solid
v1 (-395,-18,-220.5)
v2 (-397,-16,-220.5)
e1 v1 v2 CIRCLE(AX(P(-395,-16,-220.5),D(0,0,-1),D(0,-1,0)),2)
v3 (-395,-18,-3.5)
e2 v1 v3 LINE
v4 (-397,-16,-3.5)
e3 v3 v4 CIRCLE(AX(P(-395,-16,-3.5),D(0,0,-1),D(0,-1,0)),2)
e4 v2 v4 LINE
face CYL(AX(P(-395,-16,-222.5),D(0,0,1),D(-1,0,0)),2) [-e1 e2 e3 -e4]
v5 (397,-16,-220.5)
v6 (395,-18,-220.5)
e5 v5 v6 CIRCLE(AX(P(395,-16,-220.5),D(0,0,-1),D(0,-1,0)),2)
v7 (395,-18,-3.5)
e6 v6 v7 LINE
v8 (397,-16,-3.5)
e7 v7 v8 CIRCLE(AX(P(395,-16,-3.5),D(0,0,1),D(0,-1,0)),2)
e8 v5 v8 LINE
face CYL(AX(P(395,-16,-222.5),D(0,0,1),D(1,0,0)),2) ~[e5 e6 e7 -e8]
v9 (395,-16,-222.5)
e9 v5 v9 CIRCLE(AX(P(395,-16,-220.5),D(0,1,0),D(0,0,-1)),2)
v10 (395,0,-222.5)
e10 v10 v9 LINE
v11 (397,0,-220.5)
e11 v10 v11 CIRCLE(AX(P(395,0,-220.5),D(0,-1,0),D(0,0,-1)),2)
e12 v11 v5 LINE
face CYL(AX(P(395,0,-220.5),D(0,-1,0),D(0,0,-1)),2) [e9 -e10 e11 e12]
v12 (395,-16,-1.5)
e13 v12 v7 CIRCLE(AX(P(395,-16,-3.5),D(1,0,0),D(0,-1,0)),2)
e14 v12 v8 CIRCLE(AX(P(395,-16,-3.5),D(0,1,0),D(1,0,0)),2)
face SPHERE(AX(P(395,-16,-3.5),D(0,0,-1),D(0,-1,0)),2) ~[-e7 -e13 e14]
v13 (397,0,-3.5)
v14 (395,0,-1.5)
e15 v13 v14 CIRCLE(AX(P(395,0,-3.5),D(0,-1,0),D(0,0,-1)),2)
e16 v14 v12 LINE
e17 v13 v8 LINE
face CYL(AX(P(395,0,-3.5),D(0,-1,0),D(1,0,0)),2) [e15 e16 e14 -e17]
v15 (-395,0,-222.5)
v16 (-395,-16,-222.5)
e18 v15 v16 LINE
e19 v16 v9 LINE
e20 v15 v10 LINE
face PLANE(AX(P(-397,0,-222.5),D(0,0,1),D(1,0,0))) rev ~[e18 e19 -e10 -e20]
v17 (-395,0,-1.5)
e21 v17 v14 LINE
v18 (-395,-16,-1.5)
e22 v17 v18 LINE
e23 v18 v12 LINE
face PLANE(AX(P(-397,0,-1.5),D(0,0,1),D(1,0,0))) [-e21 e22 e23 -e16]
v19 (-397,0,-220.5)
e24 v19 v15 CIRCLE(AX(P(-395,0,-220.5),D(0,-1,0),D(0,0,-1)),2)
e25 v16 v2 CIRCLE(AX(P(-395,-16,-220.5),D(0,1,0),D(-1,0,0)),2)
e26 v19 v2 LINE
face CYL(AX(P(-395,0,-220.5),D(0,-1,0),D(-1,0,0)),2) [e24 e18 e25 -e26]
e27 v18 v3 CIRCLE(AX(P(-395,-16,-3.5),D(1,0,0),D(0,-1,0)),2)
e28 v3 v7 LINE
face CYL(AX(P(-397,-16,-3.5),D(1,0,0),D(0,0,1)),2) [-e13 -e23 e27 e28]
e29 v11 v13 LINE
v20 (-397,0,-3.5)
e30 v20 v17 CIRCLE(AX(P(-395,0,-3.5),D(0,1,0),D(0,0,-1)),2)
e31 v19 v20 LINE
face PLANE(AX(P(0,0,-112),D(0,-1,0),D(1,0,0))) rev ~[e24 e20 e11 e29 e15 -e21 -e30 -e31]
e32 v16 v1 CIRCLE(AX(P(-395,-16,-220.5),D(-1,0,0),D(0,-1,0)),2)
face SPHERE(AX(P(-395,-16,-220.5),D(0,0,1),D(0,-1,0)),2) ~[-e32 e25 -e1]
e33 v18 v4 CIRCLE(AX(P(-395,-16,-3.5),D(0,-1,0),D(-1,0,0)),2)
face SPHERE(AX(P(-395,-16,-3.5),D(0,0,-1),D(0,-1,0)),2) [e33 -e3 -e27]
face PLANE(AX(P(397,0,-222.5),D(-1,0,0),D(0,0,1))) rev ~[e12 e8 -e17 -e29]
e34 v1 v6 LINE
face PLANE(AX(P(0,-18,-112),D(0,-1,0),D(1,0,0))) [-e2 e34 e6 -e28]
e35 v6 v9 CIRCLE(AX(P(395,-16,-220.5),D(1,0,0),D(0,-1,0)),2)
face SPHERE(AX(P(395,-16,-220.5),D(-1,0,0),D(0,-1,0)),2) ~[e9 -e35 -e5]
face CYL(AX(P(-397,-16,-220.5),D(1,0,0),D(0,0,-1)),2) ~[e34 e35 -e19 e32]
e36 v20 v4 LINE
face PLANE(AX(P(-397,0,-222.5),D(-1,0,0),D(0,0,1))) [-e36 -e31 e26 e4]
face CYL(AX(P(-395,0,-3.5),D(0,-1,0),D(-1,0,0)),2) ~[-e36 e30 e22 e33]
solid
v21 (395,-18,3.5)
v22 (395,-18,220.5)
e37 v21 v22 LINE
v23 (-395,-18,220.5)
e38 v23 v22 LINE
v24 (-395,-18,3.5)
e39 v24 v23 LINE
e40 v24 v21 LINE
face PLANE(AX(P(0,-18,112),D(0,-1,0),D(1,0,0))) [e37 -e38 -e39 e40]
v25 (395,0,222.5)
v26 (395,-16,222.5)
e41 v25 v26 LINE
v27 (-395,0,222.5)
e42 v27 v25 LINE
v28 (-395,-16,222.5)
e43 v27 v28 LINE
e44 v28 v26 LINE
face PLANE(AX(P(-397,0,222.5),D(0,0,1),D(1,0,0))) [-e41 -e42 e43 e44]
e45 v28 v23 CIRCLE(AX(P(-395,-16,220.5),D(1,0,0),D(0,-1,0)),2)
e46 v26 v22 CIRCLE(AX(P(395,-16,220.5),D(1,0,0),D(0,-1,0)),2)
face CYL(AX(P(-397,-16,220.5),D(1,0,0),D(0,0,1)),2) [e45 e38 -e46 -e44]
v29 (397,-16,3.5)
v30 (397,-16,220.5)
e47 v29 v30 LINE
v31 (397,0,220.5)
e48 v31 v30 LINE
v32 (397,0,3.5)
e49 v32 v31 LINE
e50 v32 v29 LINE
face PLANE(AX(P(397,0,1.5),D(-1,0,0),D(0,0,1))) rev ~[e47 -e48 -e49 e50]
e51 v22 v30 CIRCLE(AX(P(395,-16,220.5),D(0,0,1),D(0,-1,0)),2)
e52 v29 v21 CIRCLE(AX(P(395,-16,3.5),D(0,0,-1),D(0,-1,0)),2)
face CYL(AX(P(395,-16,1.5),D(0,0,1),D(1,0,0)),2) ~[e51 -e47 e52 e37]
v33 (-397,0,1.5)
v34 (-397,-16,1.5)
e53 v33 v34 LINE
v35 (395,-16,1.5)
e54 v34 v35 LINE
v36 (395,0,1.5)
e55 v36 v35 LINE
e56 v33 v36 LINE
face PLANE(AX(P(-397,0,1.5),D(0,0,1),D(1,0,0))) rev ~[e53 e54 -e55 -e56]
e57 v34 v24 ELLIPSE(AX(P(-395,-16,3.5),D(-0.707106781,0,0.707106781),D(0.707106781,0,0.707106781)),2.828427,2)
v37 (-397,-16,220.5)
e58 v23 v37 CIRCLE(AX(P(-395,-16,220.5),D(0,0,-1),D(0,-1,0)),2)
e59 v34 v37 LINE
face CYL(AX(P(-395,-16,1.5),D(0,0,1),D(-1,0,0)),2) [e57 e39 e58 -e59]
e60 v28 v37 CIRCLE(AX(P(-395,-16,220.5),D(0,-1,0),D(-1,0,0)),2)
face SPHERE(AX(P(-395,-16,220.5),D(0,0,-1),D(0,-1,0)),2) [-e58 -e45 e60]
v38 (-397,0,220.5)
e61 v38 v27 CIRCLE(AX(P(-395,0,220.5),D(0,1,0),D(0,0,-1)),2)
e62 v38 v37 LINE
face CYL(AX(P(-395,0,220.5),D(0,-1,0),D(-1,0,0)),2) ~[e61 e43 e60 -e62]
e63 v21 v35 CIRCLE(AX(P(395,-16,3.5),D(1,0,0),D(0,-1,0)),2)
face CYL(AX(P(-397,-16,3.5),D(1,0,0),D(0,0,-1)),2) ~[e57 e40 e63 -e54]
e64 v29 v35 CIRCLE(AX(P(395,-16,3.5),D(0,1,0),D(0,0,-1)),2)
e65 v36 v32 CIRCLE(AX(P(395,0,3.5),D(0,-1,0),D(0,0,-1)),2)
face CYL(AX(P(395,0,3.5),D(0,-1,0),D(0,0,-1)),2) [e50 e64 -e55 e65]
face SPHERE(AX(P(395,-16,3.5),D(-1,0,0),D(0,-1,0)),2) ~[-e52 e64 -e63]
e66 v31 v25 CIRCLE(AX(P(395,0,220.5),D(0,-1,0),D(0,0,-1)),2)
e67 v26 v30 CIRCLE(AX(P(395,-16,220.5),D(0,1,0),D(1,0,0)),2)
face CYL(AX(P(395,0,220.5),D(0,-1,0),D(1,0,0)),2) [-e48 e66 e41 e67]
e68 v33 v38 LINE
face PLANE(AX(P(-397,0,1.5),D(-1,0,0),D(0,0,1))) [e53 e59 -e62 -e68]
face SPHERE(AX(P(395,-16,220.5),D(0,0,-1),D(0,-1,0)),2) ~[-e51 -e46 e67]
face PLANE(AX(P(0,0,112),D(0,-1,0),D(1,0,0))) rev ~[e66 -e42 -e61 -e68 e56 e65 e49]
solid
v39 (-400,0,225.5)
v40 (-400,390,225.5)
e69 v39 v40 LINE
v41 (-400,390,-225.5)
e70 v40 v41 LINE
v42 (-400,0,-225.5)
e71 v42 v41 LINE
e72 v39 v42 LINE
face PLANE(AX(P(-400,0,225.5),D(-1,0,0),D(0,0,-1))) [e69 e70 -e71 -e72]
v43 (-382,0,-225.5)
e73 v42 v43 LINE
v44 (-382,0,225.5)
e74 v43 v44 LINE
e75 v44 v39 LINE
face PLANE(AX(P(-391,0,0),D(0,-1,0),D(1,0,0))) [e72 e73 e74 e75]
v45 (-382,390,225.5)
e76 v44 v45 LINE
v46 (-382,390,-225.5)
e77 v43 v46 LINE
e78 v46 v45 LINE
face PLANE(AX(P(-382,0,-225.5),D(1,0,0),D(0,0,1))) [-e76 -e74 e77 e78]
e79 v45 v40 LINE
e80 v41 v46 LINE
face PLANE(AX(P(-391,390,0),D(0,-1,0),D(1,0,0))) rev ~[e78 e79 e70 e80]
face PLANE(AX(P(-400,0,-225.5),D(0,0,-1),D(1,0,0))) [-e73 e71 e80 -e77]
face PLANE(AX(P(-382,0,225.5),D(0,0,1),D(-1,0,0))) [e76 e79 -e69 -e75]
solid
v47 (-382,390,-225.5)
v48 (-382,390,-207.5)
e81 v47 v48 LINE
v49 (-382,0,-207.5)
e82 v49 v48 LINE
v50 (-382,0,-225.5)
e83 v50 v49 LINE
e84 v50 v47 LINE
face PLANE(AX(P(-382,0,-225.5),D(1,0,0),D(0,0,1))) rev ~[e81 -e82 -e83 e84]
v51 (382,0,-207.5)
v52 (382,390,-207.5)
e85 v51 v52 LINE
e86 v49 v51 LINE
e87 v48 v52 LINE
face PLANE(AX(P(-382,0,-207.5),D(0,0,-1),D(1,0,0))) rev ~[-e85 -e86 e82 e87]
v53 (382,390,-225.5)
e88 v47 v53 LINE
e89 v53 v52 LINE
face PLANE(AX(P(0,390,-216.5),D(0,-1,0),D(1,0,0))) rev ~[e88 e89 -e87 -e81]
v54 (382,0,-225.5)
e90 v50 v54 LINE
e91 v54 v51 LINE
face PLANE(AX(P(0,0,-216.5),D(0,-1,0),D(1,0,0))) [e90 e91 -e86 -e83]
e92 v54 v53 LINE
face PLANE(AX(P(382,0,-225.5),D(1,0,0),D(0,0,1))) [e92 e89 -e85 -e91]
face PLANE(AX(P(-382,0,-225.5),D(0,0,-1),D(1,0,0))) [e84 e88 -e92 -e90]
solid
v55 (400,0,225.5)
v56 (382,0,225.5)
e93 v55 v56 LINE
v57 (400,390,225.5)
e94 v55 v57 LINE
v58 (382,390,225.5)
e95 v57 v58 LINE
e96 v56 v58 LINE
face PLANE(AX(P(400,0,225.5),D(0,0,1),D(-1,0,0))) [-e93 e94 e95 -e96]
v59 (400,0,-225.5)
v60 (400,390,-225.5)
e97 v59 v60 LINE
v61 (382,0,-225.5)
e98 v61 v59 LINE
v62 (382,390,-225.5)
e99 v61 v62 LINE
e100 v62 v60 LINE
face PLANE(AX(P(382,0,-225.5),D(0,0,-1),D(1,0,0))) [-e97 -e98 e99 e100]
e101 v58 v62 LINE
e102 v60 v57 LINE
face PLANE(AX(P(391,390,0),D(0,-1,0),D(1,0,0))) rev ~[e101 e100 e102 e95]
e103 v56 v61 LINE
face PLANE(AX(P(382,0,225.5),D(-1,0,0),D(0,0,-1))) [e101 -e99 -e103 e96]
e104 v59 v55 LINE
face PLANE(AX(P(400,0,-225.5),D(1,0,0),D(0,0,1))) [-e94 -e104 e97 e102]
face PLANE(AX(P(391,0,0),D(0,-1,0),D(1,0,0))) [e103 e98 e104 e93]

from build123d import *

# Parameters (mm, degrees)
F1_DEPTH = 390
F0_W     = 764
F0_H     = 18
F2_DEPTH = 390
F3_W     = 794
F3_H     = 221
F4_DEPTH = 18
F5_R     = 2


with BuildPart() as f1:
    # F0 (on Front) → F1 (new body)
    with BuildSketch(Plane.XZ):
        Polygon((-382, -207.5), (-382, 225.5), (-400, 225.5), (-400, -225.5), (-382, -225.5), align=None)
        Polygon((400, -225.5), (400, 225.5), (382, 225.5), (382, -207.5), (382, -225.5), align=None)
    extrude(amount=-F1_DEPTH)


with BuildPart() as f2:
    # F0 (on Front) → F2 (new body)
    with BuildSketch(Plane.XZ):
        with Locations((0, -216.5)):
            Rectangle(F0_W, F0_H)
    extrude(amount=-F2_DEPTH)


with BuildPart() as f4:
    # F3 (on Front) → F4 (new body)
    with BuildSketch(Plane.XZ):
        with Locations((0, 112)):
            Rectangle(F3_W, F3_H)
        with Locations((0, -112)):
            Rectangle(F3_W, F3_H)
    extrude(amount=F4_DEPTH)

    # F5
    f5_edges = [f4.edges().sort_by_distance(p)[0] for p in [
        (-397, -18, 112),
        (0, -18, 1.5),
        (397, -18, 112),
        (0, -18, 222.5),
        (-397, -18, -112),
        (0, -18, -222.5),
        (397, -18, -112),
        (0, -18, -1.5),
        (397, -9, 222.5),
        (-397, -9, 222.5),
        (397, -9, -222.5),
        (397, -9, -1.5),
        (397, -9, 1.5),
        (-397, -9, -222.5),
        (-397, -9, -1.5),
    ]]
    fillet(f5_edges, radius=F5_R)


solid = Compound([f1.part, f2.part, f4.part])
